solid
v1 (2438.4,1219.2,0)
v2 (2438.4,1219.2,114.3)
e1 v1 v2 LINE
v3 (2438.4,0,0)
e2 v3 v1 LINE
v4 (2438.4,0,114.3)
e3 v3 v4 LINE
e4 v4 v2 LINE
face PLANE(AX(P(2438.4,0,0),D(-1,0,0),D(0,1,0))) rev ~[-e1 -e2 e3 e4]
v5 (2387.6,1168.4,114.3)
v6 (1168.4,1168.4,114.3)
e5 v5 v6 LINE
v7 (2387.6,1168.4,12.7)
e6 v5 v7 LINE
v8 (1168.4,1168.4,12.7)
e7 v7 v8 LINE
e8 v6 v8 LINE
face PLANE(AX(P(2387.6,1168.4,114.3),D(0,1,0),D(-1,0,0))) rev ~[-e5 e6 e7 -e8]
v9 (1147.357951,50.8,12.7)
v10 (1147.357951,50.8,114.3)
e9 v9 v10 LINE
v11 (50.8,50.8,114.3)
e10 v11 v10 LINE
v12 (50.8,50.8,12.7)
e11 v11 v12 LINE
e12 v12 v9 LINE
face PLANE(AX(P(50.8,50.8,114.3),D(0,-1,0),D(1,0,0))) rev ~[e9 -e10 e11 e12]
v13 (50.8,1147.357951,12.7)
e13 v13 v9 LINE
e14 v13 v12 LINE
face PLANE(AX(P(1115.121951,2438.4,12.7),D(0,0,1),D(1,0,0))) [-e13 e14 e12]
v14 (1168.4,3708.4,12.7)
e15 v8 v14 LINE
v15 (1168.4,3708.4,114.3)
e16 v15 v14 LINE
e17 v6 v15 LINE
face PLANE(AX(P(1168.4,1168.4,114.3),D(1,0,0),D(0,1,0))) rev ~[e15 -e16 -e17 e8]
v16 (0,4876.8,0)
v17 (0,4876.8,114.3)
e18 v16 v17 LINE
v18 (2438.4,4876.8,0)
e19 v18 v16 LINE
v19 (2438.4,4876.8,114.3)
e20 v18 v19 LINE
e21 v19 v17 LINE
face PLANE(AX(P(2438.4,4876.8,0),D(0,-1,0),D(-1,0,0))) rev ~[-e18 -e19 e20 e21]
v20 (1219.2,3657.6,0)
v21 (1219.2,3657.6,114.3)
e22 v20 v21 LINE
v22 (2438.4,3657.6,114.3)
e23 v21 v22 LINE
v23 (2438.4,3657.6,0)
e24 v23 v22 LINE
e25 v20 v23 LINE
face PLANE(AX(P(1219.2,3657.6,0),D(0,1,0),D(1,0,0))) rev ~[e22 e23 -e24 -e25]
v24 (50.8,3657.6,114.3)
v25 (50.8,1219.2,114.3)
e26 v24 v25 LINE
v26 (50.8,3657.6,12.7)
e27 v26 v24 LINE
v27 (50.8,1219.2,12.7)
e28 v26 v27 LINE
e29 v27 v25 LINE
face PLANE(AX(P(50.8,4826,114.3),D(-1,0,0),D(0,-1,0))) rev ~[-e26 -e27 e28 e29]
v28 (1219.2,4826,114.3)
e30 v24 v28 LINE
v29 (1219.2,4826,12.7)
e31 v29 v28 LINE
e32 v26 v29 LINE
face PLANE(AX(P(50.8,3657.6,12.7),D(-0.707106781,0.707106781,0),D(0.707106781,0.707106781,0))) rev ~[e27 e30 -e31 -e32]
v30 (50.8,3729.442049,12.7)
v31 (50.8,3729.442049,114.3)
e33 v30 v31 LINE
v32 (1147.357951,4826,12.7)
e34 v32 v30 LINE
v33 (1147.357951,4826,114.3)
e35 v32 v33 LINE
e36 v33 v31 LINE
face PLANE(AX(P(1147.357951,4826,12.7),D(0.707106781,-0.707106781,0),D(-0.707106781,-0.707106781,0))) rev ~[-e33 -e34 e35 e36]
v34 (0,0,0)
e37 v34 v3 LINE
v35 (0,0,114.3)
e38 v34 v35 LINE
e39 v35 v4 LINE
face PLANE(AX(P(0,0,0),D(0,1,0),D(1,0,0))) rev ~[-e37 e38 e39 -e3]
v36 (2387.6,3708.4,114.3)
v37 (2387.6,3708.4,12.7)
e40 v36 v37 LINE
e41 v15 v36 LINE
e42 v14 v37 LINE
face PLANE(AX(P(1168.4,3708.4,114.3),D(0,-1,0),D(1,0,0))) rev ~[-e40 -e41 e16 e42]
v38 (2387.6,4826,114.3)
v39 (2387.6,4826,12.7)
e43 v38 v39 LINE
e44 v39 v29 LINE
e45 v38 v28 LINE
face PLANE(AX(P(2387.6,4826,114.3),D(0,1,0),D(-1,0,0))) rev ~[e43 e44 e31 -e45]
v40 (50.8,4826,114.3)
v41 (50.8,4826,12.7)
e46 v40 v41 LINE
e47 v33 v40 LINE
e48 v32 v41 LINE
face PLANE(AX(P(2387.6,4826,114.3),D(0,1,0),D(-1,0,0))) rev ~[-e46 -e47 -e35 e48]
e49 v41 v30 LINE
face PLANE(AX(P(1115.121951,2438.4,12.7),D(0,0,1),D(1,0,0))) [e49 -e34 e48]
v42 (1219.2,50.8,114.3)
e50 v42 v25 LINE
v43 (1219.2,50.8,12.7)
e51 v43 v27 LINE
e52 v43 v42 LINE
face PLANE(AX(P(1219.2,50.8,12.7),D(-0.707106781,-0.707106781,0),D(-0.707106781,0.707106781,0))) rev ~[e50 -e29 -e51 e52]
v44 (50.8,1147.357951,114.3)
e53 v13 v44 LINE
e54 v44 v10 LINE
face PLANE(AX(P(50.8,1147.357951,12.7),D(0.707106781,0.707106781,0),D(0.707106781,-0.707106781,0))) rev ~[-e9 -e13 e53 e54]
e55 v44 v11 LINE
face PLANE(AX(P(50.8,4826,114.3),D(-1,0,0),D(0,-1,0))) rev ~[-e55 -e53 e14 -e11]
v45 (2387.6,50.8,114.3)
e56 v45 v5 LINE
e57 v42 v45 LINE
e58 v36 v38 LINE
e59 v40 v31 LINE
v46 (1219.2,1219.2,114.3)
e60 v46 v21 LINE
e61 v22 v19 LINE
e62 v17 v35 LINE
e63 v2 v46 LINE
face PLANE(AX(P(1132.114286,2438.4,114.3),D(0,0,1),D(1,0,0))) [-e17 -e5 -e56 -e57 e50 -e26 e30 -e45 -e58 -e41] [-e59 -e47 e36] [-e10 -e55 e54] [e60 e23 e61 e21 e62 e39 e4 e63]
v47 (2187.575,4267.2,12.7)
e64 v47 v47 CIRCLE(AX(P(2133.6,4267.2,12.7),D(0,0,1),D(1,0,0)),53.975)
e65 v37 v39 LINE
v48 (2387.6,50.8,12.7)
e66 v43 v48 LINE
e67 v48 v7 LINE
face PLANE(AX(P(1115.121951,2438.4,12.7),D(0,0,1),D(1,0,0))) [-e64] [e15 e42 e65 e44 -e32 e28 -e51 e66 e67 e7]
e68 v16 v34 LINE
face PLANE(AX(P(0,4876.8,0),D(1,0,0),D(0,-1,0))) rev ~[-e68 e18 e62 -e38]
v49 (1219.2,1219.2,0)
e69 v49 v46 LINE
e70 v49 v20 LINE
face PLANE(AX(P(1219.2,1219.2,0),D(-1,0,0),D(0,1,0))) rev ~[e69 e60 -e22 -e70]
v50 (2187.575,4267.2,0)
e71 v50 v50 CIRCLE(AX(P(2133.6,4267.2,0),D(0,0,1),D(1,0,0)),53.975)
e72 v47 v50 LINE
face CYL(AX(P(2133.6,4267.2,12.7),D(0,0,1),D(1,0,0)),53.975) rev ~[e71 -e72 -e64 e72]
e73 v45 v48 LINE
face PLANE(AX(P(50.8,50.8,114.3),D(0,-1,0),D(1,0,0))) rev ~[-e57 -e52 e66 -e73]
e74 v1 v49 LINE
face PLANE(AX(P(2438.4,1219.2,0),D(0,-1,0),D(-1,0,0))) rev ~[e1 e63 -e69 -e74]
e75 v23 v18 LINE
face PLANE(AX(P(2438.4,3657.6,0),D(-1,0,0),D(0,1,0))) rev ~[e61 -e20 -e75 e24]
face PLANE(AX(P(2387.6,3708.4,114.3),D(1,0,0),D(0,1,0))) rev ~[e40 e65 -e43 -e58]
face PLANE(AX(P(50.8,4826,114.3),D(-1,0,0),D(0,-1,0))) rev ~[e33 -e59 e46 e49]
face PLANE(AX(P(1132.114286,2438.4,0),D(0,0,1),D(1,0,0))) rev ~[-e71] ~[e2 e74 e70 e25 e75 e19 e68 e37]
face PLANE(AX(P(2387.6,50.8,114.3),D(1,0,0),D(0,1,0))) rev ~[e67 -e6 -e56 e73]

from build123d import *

# Parameters (mm, degrees)
F1_DEPTH = 114.3
F3_DEPTH = 101.6
F4_R     = 53.975
F5_DEPTH = 12.7
F7_DEPTH = 101.6


with BuildPart() as f1:
    # F0 (on Top) → F1 (new body)
    with BuildSketch(Plane.XY):
        Polygon((0, 4876.8), (0, 0), (2438.4, 0), (2438.4, 1219.2), (1219.2, 1219.2), (1219.2, 3657.6), (2438.4, 3657.6), (2438.4, 4876.8), align=None)
    extrude(amount=F1_DEPTH)

    # F2 (on face) → F3 (cut)
    with BuildSketch(Plane.XY.offset(114.3)):
        Polygon((2387.6, 4826), (50.8, 4826), (50.8, 50.8), (2387.6, 50.8), (2387.6, 1168.4), (1168.4, 1168.4), (1168.4, 3708.4), (2387.6, 3708.4), align=None)
    extrude(amount=-F3_DEPTH, mode=Mode.SUBTRACT)

    # F4 (on face) → F5 (cut)
    with BuildSketch(Plane.XY.offset(12.7)):
        with Locations((2133.6, 4267.2)):
            Circle(F4_R)
    extrude(amount=-F5_DEPTH, mode=Mode.SUBTRACT)

    # F6 (on face) → F7 (join)
    with BuildSketch(Plane.XY.offset(12.7)):
        Polygon((1147.357951, 4826), (50.8, 3729.442049), (50.8, 3657.6), (1219.2, 4826), align=None)
        Polygon((50.8, 1147.357951), (1147.357951, 50.8), (1219.2, 50.8), (50.8, 1219.2), align=None)
    extrude(amount=F7_DEPTH)


solid = f1.part
